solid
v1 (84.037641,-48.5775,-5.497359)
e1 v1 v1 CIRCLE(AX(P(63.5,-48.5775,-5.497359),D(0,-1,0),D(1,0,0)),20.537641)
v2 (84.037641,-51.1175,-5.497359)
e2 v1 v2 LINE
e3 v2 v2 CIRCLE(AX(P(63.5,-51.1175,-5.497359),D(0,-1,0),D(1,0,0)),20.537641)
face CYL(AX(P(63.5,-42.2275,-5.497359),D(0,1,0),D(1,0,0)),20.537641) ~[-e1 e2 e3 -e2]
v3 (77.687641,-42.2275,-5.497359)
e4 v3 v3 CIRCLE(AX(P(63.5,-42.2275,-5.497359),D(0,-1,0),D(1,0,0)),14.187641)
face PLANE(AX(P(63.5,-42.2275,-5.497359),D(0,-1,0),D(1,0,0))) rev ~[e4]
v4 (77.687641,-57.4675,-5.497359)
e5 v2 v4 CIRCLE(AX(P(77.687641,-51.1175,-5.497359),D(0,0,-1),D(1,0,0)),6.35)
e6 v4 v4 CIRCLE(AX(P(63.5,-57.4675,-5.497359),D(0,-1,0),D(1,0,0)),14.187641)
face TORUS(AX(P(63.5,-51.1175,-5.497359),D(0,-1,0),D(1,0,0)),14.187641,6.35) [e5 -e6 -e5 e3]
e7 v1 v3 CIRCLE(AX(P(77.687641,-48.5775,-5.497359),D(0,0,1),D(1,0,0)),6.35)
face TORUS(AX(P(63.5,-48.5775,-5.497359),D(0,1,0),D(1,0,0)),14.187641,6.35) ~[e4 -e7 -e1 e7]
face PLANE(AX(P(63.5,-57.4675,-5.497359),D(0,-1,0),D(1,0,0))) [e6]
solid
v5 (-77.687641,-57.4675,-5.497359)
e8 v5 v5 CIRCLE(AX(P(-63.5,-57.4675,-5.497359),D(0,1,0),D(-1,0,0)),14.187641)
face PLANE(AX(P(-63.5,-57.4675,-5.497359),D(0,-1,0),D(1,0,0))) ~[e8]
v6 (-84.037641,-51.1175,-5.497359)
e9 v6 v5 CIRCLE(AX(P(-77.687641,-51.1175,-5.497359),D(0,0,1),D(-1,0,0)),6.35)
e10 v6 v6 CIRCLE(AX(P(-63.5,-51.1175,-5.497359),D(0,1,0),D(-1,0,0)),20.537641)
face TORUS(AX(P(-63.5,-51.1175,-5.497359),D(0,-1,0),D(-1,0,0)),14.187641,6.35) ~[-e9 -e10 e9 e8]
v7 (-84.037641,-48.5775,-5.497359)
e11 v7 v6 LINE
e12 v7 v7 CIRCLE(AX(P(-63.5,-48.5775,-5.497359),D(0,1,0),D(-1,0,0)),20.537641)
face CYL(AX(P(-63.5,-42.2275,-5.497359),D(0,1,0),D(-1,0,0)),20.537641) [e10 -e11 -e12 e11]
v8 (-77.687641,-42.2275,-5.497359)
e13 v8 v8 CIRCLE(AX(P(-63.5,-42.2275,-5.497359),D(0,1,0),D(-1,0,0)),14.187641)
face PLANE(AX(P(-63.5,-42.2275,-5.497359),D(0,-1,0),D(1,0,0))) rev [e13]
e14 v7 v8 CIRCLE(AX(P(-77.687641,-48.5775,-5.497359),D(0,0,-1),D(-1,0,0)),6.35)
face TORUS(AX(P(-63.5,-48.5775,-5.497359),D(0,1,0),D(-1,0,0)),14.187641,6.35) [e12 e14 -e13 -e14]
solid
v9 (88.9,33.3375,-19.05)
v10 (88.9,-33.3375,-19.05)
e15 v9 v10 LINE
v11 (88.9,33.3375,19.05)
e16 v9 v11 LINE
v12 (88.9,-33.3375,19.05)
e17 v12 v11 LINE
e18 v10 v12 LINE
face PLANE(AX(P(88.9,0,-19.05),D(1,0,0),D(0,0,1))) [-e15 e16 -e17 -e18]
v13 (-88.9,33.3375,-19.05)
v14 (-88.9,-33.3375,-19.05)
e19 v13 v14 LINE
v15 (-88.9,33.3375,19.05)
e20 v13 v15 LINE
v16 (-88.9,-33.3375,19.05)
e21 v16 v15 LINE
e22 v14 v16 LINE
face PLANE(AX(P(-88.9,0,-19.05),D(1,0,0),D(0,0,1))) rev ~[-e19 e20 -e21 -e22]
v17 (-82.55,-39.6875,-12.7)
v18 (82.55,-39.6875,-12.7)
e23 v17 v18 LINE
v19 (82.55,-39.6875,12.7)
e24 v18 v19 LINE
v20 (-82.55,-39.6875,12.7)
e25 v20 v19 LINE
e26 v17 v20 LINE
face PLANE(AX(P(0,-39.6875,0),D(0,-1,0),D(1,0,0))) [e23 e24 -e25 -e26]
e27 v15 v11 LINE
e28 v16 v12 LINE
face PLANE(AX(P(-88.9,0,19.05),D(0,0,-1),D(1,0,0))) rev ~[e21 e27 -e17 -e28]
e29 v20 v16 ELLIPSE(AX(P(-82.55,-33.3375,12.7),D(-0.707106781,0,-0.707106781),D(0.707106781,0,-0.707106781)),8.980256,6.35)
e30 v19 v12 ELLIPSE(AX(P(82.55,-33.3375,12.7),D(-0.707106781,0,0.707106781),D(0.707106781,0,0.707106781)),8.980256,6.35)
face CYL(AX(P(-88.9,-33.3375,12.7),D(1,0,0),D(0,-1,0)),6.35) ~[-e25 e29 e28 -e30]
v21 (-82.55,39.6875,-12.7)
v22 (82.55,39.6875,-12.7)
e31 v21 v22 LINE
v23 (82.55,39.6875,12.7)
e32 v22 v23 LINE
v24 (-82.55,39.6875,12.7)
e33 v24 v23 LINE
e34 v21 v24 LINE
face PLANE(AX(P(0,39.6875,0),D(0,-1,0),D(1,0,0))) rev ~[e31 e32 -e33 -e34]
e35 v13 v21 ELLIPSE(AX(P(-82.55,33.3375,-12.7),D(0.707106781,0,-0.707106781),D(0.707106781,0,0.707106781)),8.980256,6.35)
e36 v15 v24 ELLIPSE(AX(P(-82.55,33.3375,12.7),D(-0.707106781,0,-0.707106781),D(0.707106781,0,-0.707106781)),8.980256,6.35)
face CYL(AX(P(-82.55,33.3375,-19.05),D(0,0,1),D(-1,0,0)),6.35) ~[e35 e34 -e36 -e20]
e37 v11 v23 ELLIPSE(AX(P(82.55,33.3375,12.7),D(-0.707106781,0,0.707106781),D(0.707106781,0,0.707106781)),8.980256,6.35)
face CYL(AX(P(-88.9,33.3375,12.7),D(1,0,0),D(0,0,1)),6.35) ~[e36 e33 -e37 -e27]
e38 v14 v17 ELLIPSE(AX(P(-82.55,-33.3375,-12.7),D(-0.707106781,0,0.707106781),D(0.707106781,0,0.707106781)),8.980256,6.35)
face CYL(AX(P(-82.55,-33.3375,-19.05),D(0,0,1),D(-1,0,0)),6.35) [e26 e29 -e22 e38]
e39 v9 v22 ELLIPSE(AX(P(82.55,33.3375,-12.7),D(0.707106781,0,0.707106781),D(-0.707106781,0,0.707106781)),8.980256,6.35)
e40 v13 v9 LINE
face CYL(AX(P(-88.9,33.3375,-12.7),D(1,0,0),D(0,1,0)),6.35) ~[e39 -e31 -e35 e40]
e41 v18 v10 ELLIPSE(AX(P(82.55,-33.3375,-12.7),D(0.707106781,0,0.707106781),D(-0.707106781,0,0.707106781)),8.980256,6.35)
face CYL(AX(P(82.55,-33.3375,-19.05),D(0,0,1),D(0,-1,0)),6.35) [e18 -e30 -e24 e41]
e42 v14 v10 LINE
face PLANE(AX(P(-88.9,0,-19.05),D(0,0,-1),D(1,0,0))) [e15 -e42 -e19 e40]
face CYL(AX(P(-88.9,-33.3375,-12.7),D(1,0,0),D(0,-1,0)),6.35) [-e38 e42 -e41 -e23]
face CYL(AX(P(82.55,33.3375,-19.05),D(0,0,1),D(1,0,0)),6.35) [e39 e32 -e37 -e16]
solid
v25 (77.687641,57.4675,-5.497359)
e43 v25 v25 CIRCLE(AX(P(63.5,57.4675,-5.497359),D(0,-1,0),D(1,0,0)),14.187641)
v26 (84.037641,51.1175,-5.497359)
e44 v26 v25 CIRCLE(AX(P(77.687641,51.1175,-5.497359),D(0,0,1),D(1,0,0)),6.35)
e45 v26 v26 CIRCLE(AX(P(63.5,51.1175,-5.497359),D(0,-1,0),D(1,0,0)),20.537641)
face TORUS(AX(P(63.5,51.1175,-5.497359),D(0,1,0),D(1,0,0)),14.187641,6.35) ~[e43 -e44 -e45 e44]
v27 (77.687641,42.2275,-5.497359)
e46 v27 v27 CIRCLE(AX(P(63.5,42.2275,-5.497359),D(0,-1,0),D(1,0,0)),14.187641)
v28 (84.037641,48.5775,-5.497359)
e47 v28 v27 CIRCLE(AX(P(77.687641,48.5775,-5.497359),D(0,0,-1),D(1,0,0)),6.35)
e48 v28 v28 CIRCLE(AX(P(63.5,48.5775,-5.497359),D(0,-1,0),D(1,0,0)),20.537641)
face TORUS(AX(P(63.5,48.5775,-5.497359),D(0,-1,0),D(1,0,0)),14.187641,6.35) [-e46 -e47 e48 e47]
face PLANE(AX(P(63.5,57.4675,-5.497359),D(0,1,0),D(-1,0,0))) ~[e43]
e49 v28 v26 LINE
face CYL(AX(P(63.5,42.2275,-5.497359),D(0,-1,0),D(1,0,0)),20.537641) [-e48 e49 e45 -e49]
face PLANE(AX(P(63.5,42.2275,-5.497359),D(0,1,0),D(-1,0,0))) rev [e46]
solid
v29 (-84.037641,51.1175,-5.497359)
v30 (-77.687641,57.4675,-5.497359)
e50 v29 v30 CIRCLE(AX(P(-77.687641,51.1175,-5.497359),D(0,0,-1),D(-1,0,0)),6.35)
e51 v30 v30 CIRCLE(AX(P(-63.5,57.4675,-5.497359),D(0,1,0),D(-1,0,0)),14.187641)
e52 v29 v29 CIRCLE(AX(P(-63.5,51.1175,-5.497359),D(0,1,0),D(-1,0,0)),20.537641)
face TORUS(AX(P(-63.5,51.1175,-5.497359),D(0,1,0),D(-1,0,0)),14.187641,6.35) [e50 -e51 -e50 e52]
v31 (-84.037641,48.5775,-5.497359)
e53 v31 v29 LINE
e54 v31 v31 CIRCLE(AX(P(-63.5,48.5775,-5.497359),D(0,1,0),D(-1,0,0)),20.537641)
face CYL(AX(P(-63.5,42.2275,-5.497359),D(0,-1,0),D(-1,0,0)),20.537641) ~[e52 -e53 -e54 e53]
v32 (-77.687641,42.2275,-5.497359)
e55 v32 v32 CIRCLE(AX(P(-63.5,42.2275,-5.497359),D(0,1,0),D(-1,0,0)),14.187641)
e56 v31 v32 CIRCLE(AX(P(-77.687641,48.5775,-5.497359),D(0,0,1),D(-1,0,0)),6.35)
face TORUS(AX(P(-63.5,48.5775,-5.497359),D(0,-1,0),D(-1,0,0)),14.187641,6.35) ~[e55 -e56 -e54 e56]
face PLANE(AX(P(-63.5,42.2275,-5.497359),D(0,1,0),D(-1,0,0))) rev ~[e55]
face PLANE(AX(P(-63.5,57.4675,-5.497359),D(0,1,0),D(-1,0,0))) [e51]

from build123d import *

# Parameters (mm, degrees)
F1_W     = 177.8
F1_H     = 38.1
F2_DEPTH = 39.6875
F4_R     = 20.537641
F5_DEPTH = 15.24
F6_R     = 6.35
F8_R     = 6.35


with BuildPart() as f2:
    # F1 (on Front) → F2 (new body, symmetric)
    with BuildSketch(Plane.XZ):
        Rectangle(F1_W, F1_H)
    extrude(amount=F2_DEPTH, both=True)

    # F8
    f8_edges = [f2.edges().sort_by_distance(p)[0] for p in [
        (88.9, -39.6875, 0),
        (0, -39.6875, 19.05),
        (-88.9, -39.6875, 0),
        (0, -39.6875, -19.05),
        (88.9, 39.6875, 0),
        (0, 39.6875, 19.05),
        (-88.9, 39.6875, 0),
        (0, 39.6875, -19.05),
    ]]
    fillet(f8_edges, radius=F8_R)


with BuildPart() as f5:
    # F4 (on offset) → F5 (new body)
    with BuildSketch(Plane.XZ.offset(42.2275)):
        with Locations((63.5, -5.497359)):
            Circle(F4_R)
    extrude(amount=F5_DEPTH)

    # F6
    f6_edges = [f5.edges().sort_by_distance(p)[0] for p in [
        (84.037641, -49.8475, -5.497359),
        (42.962359, -42.2275, -5.497359),
        (42.962359, -57.4675, -5.497359),
    ]]
    fillet(f6_edges, radius=F6_R)


with BuildPart() as f7_1:
    # F7: instance of F5
    add(f5.part.mirror(Plane.XZ))


with BuildPart() as f9_1:
    # F9: instance of F5
    add(f5.part.mirror(Plane.YZ))


with BuildPart() as f9_2:
    # F9: instance of F7_1
    add(f7_1.part.mirror(Plane.YZ))


solid = Compound([f2.part, f5.part, f7_1.part, f9_1.part, f9_2.part])
